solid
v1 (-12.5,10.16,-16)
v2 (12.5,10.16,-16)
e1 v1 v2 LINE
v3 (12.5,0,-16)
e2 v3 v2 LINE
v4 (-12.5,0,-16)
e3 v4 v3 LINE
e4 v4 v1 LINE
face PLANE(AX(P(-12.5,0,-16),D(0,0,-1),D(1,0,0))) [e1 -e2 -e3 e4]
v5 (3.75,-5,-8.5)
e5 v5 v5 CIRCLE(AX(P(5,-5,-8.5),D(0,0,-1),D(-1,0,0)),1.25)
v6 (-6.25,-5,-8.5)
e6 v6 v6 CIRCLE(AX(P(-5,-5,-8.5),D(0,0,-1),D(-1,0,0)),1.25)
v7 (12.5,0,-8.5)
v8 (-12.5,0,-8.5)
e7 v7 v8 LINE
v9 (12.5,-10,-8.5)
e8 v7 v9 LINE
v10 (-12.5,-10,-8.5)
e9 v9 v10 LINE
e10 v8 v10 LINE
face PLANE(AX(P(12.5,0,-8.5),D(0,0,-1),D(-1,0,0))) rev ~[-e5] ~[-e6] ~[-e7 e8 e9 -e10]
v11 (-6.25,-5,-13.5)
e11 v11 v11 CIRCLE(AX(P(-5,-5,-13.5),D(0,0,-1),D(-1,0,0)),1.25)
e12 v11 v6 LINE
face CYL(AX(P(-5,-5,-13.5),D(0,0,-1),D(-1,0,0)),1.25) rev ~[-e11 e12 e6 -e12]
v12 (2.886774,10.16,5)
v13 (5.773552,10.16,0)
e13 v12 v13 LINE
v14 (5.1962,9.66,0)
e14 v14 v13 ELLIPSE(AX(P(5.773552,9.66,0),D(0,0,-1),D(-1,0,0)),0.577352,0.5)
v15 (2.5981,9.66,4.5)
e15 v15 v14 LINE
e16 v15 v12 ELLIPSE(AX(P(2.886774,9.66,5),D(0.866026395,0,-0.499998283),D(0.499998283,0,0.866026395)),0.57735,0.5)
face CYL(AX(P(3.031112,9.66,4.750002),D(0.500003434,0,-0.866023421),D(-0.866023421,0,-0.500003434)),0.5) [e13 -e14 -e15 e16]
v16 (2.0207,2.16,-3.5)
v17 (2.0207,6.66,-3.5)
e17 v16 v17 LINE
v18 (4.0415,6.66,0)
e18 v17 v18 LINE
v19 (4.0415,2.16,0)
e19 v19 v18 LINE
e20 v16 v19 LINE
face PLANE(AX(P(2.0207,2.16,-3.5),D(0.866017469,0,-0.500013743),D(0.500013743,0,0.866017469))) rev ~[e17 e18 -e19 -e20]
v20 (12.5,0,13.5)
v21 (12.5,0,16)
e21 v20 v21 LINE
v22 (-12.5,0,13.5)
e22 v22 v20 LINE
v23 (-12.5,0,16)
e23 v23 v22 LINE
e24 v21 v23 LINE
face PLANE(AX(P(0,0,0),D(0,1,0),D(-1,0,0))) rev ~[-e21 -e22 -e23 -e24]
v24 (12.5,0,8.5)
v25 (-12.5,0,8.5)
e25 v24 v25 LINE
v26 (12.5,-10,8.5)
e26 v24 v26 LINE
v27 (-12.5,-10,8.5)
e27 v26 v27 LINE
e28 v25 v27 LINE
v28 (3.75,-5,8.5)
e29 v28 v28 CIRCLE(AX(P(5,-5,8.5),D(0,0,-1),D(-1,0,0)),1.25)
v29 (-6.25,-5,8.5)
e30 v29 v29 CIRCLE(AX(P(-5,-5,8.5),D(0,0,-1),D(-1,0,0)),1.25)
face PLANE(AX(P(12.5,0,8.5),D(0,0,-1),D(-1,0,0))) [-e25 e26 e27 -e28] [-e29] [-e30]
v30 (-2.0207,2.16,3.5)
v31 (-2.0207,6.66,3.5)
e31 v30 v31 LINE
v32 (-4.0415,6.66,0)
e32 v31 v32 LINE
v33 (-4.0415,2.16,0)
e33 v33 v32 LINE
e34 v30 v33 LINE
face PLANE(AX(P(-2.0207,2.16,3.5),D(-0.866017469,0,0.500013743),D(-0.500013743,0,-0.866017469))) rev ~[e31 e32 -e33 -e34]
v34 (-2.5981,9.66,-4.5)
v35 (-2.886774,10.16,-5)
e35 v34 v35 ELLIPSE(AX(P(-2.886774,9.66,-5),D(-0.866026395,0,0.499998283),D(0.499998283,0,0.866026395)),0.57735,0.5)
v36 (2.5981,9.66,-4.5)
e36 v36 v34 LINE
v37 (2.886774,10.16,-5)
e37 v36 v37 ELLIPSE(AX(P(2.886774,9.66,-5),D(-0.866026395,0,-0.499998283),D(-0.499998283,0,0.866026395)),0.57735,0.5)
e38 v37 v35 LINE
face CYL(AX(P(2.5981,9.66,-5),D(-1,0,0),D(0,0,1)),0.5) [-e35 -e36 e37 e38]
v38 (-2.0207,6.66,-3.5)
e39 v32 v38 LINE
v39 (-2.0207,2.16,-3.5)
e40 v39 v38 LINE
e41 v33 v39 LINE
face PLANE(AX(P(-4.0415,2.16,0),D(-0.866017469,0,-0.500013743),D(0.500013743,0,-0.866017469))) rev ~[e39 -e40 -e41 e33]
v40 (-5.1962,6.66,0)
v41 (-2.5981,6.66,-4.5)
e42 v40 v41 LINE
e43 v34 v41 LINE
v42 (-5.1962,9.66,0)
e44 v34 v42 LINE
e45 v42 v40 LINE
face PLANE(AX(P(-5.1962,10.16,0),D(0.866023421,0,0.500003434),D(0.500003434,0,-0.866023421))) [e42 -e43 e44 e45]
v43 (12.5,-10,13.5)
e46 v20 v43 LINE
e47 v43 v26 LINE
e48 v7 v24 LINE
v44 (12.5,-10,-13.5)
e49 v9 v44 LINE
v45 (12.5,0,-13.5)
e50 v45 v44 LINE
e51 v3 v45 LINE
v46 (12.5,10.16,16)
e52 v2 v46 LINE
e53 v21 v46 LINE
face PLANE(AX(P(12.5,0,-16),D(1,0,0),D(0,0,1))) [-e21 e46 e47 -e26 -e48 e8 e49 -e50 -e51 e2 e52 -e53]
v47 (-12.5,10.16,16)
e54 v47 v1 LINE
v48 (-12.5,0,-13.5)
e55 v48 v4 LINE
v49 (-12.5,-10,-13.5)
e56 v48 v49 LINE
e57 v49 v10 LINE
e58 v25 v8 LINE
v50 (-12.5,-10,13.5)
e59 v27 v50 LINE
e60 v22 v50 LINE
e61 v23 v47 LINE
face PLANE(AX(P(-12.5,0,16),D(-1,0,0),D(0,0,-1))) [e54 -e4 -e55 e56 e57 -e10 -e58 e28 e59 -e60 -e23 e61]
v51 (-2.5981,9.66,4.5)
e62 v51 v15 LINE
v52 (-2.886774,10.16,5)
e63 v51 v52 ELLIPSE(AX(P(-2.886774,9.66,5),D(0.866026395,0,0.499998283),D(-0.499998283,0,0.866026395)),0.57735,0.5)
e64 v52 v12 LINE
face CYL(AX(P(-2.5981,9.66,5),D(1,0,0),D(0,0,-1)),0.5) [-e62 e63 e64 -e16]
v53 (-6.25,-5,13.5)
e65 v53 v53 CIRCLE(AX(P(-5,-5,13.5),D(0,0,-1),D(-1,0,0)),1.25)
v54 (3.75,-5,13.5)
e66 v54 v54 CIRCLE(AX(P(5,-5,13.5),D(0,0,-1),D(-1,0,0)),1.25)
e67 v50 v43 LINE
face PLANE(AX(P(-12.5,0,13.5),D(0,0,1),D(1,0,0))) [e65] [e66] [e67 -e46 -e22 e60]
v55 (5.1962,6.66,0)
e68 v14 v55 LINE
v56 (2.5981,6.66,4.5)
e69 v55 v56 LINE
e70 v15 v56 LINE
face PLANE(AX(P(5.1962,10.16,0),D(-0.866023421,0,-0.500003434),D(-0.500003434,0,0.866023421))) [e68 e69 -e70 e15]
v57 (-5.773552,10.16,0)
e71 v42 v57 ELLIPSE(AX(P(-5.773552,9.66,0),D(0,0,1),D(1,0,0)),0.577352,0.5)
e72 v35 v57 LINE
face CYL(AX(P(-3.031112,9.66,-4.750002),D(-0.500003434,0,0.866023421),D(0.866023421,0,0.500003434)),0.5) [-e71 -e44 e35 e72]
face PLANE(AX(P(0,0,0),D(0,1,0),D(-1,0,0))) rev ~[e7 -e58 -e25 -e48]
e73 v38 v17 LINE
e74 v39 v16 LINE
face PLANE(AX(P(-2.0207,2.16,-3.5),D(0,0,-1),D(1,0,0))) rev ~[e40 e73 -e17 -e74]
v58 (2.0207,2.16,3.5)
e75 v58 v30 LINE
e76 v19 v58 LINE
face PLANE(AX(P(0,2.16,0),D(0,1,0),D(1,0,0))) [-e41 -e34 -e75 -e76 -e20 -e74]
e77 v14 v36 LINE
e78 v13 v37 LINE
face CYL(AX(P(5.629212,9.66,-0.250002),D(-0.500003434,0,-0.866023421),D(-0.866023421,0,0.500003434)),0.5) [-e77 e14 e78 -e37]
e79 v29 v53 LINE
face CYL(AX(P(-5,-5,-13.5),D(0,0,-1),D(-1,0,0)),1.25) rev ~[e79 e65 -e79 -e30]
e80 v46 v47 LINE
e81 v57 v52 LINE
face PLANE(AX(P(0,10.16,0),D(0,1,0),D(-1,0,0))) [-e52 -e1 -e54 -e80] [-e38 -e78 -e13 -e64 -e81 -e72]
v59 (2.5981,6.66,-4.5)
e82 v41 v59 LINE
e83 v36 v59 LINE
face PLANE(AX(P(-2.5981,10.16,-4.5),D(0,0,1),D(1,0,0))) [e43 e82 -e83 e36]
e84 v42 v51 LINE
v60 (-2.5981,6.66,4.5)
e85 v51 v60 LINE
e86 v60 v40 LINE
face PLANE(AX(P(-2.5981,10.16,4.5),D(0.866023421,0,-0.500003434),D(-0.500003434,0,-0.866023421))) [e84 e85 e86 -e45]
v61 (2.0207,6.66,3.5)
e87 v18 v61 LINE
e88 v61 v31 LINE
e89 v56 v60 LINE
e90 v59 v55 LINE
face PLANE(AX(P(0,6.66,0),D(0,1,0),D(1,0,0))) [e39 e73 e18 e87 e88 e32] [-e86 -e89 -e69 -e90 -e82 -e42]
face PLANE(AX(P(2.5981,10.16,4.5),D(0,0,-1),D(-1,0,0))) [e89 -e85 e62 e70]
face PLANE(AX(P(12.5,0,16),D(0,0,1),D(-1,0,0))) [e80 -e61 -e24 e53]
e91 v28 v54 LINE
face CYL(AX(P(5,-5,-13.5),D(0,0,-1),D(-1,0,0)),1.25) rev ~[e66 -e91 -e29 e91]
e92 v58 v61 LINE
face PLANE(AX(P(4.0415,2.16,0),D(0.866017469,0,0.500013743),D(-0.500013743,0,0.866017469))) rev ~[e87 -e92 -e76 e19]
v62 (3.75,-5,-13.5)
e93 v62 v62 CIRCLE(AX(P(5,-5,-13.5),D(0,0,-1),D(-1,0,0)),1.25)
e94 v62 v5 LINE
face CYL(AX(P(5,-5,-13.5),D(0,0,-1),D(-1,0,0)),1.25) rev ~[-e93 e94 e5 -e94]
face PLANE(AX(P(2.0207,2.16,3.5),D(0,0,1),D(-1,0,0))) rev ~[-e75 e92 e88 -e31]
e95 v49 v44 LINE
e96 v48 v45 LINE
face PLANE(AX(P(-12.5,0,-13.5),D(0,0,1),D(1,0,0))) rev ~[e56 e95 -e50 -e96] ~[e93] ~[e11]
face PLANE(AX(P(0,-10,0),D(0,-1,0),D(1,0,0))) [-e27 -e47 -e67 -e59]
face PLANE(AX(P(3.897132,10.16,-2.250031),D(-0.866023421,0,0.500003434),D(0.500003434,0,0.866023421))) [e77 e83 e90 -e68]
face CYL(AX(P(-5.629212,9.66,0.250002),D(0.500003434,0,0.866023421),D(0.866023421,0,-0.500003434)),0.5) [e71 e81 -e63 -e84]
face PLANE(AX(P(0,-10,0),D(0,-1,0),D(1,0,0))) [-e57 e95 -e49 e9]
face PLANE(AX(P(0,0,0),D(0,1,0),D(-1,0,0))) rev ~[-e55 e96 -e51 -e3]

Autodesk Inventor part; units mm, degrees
ref_plane "YZ Plane" through (0, 0, 0) normal (1, 0, 0) x (0, 1, 0)
ref_plane "XZ Plane" through (0, 0, 0) normal (0, 1, 0) x (-1, 0, 0)
ref_plane "XY Plane" through (0, 0, 0) normal (0, 0, 1) x (1, 0, 0)
sketch "스케치1" plane through (0, 0, 0) normal (0, 1, 0) x (-1, 0, 0)
  line L0 (-12.5, 16) -> (12.5, 16)
  line L1 (12.5, 16) -> (12.5, -16)
  line L2 (12.5, -16) -> (-12.5, -16)
  line L3 (-12.5, -16) -> (-12.5, 16)
  line L4 (-12.5, 16) -> (12.5, -16) construction
  line L5 (12.5, 16) -> (-12.5, -16) construction
  point P0 (0, 0)
  dimension "d0" = 25
  dimension "d1" = 32
extrude "돌출1" add sketch "스케치1" along normal blind 10.16
sketch "스케치4" plane through (0, 0, 0) normal (0, -1, 0) x (1, 0, 0)
  line L0 (-12.5, -16) -> (-12.5, 16) projected
  line L1 (12.5, 16) -> (12.5, -16) projected
  line L2 (-12.5, 13.5) -> (12.5, 13.5)
  line L3 (12.5, 13.5) -> (12.5, 8.5)
  line L4 (12.5, 8.5) -> (-12.5, 8.5)
  line L5 (-12.5, 8.5) -> (-12.5, 13.5)
  line L6 (-12.5, 0) -> (12.5, 0)
  line L7 (-12.5, 16) -> (-12.5, -16)
  line L8 (12.5, -10.8) -> (12.5, 10.8)
  line L9 (-12.5, -13.5) -> (12.5, -13.5)
  line L10 (12.5, -13.5) -> (12.5, -8.5)
  line L11 (12.5, -8.5) -> (-12.5, -8.5)
  line L12 (-12.5, -8.5) -> (-12.5, -13.5)
  point P0 (0, 0)
  point P1 (12.5, -8.5)
  point P2 (-12.5, -13.5)
  point P3 (12.5, -13.5)
  point P4 (12.5, 13.5)
  dimension "d13" = 8.5
  dimension "d14" = 5
extrude "돌출4" add sketch "스케치4" along normal blind 10 contours L0 L11 L1 L9 | L0 L2 L1 L4
sketch "스케치5" plane through (12.5, 0, -13.5) normal (0, 0, -1) x (-1, 0, 0)
  circle A0 centre (17.5, -5) radius 1.25
  line L0 (25, -10) -> (0, -10) projected
  line L1 (25, 0) -> (25, -10) projected
  line L2 (12.5, -10) -> (12.5, 0)
  circle A1 centre (7.5, -5) radius 1.25
  dimension "d17" = 2.5
  dimension "d18" = 5
  dimension "d22" = 5
extrude "돌출5" cut sketch "스케치5" against normal up to surface (27 mm away)
sketch "스케치6" plane through (0, 10.16, 0) normal (0, 1, 0) x (1, 0, 0)
  circle A0 centre (0, 0) radius 4.5
  line L0 (2.5981, -4.5) -> (-2.5981, -4.5)
  line L1 (-2.5981, -4.5) -> (-5.1962, 0)
  line L2 (-5.1962, 0) -> (-2.5981, 4.5)
  line L3 (-2.5981, 4.5) -> (2.5981, 4.5)
  line L4 (2.5981, 4.5) -> (5.1962, 0)
  line L5 (5.1962, 0) -> (2.5981, -4.5)
  dimension "d25" = 9
extrude "돌출6" cut sketch "스케치6" against normal blind 8
sketch "스케치7" plane through (0, 2.16, 0) normal (0, 1, 0) x (1, 0, 0)
  line L0 (2.5981, 4.5) -> (5.1962, 0) projected
  line L1 (-2.5981, 4.5) -> (2.5981, 4.5) projected
  line L2 (-5.1962, 0) -> (-2.5981, 4.5) projected
  line L3 (-2.5981, -4.5) -> (-5.1962, 0) projected
  line L4 (2.5981, -4.5) -> (-2.5981, -4.5) projected
  line L5 (5.1962, 0) -> (2.5981, -4.5) projected
  line L6 (-2.0207, 3.5) -> (2.0207, 3.5)
  line L7 (2.0207, 3.5) -> (4.0415, 0)
  line L8 (4.0415, 0) -> (2.0207, -3.5)
  line L9 (2.0207, -3.5) -> (-2.0207, -3.5)
  line L10 (-2.0207, -3.5) -> (-4.0415, 0)
  line L11 (-4.0415, 0) -> (-2.0207, 3.5)
  point P0 (0, 0)
  point P1 (0, 0)
  dimension "d29" = 1
extrude "돌출7" add sketch "스케치7" along normal blind 4.5
fillet "모깎기1" radius 0.5 6 edges at (-3.8971, 10.16, 2.25) (0, 10.16, 4.5) (-3.8971, 10.16, -2.25) (0, 10.16, -4.5) (3.8971, 10.16, -2.25) (3.8971, 10.16, 2.25)
properties part number "Tensile_test_bottom_adapter2"
